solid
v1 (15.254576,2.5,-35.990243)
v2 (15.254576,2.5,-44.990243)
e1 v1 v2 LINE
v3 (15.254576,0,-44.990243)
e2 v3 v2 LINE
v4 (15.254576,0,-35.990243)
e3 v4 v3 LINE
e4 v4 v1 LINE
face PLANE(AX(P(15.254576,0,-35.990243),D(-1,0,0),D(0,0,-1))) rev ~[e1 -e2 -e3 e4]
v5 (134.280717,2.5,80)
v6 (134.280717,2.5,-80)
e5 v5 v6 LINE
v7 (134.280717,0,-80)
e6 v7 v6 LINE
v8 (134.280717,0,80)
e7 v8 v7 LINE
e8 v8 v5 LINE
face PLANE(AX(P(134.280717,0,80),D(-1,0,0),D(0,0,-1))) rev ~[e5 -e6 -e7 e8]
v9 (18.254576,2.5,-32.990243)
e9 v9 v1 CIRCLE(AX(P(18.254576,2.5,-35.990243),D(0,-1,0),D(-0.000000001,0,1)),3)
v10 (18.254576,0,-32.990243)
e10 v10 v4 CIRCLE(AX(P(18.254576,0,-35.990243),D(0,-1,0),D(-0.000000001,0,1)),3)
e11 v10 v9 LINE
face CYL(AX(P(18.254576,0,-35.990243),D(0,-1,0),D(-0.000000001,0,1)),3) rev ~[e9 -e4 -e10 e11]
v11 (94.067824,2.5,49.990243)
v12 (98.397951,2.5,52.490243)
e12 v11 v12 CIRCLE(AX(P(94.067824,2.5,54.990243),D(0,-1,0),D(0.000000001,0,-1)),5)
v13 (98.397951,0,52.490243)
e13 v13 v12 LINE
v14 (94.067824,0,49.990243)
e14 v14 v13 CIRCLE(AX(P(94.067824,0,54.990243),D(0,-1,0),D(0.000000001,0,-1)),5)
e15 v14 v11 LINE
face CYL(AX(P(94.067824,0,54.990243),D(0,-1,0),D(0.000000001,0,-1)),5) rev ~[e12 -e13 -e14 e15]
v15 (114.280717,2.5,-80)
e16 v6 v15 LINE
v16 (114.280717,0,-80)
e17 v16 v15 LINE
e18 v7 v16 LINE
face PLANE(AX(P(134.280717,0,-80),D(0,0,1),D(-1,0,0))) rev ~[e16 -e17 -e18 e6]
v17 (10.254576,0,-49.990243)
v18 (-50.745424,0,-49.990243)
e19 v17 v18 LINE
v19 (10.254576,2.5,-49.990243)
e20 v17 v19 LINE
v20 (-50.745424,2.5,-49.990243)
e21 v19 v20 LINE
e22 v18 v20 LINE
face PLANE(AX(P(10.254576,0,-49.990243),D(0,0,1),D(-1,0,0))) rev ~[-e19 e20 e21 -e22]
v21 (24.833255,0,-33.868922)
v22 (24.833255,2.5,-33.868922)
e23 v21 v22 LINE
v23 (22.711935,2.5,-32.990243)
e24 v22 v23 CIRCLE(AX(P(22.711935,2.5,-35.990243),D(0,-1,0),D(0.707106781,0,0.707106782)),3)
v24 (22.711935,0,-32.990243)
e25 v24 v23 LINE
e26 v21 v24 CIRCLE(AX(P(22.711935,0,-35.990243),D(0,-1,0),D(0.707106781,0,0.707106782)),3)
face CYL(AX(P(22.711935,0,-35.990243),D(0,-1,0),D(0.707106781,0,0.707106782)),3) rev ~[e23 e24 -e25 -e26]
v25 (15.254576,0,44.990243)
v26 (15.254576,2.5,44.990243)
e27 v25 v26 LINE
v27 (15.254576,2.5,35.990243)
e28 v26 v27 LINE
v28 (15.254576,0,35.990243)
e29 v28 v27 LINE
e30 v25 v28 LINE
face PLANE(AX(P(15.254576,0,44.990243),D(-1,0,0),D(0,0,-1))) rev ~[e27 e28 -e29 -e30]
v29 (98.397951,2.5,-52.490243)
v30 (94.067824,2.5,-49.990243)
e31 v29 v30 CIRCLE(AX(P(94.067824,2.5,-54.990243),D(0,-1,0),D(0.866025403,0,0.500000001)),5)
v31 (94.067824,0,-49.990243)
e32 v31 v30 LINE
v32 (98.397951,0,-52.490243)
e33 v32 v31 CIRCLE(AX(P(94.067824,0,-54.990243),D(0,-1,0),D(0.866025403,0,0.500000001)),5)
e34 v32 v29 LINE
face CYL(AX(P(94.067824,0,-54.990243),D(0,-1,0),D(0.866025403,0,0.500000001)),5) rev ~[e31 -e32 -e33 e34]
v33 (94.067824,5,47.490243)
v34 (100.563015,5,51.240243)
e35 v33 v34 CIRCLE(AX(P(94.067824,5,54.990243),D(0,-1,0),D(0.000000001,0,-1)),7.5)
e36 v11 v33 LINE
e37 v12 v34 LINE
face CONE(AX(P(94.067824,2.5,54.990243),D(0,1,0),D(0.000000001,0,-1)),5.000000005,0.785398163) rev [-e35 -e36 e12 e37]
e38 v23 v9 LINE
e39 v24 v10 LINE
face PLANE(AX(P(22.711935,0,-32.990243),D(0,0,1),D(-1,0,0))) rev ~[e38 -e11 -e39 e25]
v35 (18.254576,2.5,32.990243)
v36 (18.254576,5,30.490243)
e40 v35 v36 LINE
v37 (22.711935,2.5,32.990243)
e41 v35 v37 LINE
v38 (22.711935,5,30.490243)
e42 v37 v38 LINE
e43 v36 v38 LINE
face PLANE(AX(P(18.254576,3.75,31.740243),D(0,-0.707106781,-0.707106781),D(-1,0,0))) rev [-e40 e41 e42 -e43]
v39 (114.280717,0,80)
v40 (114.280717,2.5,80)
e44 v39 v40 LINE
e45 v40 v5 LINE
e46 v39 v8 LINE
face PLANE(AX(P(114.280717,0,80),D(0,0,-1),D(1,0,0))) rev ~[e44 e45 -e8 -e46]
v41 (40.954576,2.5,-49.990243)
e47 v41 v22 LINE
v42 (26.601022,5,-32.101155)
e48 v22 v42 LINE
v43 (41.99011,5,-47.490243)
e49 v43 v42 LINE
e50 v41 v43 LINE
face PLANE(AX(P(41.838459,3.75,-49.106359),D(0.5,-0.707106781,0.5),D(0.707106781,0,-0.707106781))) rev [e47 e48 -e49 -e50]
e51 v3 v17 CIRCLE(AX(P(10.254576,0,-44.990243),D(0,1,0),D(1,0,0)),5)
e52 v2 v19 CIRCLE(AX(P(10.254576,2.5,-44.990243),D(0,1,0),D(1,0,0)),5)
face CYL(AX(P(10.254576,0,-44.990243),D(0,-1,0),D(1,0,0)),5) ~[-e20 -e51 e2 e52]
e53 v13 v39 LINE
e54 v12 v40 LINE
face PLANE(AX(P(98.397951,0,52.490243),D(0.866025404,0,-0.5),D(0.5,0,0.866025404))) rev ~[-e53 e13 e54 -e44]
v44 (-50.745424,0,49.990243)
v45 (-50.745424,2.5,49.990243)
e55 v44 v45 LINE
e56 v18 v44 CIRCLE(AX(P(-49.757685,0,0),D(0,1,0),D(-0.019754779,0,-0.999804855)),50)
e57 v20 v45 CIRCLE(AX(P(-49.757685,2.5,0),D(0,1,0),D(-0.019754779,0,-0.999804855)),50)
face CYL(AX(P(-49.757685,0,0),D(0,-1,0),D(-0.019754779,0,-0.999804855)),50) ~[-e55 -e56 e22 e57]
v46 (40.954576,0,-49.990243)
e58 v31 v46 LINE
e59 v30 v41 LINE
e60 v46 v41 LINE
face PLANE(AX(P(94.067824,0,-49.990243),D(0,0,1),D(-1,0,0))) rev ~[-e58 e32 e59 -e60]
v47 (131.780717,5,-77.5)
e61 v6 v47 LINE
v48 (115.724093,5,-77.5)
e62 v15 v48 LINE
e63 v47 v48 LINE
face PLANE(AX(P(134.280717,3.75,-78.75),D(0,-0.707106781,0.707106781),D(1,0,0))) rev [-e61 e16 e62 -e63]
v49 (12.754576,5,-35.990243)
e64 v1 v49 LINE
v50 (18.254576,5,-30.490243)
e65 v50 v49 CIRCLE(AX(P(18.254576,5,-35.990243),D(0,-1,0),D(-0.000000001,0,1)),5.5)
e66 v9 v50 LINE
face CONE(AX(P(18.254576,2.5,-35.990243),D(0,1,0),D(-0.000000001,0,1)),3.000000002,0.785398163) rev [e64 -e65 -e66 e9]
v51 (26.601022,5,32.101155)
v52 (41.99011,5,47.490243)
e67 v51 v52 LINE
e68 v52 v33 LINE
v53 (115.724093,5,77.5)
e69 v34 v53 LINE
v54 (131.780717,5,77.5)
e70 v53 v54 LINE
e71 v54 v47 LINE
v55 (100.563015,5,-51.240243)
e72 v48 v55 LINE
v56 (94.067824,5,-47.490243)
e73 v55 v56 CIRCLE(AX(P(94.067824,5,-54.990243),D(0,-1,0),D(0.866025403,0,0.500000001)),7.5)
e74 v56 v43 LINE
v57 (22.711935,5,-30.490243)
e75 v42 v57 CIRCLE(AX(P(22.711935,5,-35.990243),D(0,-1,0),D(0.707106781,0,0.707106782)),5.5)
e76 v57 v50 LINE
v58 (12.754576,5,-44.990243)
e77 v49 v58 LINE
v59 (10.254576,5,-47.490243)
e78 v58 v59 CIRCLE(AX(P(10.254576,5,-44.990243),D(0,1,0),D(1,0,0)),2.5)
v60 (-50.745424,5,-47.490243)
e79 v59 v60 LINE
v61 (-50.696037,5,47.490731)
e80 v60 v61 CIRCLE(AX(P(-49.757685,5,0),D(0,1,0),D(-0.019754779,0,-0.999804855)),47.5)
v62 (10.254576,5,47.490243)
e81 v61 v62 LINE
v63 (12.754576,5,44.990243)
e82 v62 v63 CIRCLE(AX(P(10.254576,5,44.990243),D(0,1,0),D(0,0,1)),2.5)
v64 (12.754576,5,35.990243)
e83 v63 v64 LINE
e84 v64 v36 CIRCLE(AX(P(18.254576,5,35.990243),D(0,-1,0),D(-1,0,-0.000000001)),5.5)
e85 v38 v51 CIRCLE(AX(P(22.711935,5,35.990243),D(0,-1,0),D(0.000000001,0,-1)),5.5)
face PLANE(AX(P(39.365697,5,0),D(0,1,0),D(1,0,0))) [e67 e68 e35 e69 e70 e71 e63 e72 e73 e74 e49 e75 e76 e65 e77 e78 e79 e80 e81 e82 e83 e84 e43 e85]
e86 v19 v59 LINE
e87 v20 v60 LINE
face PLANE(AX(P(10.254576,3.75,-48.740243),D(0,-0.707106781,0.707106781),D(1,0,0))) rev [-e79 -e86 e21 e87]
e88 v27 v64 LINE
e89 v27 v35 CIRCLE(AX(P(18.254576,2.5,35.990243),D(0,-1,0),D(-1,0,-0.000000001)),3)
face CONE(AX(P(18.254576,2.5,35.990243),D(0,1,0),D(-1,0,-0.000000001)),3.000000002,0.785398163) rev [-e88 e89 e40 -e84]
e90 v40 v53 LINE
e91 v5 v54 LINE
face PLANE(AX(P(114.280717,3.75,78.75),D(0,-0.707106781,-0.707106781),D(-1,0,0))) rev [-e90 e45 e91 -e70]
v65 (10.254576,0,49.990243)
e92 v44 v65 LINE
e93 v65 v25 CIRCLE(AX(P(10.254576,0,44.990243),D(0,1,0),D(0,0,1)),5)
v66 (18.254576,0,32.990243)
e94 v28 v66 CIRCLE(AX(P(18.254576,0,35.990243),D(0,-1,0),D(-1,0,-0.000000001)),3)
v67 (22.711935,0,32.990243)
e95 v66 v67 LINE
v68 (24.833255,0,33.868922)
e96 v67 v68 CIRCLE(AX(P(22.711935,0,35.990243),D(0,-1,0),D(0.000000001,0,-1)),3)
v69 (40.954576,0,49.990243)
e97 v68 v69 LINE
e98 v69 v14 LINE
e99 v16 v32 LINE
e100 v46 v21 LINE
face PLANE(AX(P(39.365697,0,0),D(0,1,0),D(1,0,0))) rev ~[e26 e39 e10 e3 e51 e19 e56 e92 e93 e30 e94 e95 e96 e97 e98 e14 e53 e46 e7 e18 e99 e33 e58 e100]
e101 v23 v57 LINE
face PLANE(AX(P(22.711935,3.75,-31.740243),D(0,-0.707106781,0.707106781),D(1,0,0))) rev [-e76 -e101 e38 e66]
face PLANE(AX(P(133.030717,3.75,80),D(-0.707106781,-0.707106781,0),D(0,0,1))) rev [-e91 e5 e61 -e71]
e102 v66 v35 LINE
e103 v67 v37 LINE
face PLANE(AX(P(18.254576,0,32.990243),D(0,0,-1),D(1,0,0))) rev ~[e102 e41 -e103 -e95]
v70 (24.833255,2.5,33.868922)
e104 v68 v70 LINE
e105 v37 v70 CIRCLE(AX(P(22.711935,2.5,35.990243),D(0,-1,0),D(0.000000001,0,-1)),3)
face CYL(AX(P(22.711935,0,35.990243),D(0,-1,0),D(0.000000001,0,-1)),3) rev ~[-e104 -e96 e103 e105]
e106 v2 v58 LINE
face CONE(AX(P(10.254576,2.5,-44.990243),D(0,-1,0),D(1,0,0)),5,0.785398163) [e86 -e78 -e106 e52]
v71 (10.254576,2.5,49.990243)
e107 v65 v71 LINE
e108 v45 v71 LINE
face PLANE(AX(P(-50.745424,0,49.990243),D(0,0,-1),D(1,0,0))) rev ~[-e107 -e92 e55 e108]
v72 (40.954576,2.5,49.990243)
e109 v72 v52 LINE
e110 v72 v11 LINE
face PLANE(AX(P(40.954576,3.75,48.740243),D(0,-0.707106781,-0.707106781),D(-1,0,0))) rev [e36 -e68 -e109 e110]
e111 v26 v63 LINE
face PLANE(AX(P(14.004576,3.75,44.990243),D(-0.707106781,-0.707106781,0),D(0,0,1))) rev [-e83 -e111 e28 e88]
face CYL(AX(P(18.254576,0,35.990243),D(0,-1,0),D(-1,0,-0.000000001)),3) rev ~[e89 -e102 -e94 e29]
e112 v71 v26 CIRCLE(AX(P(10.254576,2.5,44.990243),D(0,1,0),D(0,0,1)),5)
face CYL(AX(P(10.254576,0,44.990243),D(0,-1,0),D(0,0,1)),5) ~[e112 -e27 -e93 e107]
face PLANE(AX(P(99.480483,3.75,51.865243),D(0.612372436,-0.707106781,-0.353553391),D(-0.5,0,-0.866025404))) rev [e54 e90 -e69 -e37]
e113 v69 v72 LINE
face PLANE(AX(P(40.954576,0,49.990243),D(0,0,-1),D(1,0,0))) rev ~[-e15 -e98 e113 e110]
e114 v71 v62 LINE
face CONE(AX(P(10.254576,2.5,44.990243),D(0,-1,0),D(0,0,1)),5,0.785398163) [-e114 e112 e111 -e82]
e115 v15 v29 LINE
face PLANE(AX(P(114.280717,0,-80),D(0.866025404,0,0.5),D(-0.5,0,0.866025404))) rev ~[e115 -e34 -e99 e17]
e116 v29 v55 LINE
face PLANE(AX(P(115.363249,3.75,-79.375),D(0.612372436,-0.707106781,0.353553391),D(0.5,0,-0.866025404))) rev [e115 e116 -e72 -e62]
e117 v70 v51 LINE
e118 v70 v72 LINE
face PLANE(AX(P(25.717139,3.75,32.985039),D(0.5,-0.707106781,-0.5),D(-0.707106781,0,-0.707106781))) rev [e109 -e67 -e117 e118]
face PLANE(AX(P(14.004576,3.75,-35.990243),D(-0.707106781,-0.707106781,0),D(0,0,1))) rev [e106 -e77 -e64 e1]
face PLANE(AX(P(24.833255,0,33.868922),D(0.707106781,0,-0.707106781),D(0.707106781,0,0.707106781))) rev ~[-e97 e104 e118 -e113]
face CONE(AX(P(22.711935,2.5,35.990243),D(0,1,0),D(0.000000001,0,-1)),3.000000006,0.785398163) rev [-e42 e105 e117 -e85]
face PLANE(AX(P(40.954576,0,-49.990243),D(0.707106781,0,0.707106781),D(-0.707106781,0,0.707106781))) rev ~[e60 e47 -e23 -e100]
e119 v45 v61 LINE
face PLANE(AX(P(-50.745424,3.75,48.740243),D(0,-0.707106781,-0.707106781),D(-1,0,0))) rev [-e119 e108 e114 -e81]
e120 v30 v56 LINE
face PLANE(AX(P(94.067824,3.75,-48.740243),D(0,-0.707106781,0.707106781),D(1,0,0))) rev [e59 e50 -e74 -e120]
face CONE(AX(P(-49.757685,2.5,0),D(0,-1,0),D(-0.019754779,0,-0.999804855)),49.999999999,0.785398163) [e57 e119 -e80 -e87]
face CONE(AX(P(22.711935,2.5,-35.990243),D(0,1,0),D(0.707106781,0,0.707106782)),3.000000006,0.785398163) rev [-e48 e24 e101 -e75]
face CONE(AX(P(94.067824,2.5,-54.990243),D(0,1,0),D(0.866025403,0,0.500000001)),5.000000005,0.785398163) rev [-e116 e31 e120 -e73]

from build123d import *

# Parameters (mm, degrees)
BOSS_EXTRUDE1_DEPTH = 5
CHAMFER1_SIZE       = 2.5


with BuildPart() as part:
    # Sketch1 → Boss-Extrude1 (new body)
    with BuildSketch(Plane(origin=(0, 0, 0), x_dir=(1, 0, 0), z_dir=(0, 1, 0))):
        with BuildLine():
            Line((15.254575611, 35.990242765), (15.254575611, 44.990242765))
            ThreePointArc((15.254575611, 44.990242765), (13.790109517, 48.525776671), (10.254575611, 49.990242765))
            Line((10.254575611, 49.990242765), (-50.745424389, 49.990242765))
            ThreePointArc((-50.745424389, 49.990242765), (-99.757685432, 0), (-50.745424389, -49.990242765))
            Line((-50.745424389, -49.990242765), (10.254575611, -49.990242765))
            ThreePointArc((10.254575611, -49.990242765), (13.790109517, -48.525776671), (15.254575611, -44.990242765))
            Line((15.254575611, -44.990242765), (15.254575611, -35.990242765))
            ThreePointArc((15.254575611, -35.990242765), (16.133255268, -33.868922422), (18.254575611, -32.990242765))
            Line((18.254575611, -32.990242765), (22.711934924, -32.990242765))
            ThreePointArc((22.711934924, -32.990242765), (23.859985221, -33.218604168), (24.833255268, -33.868922422))
            Line((24.833255268, -33.868922422), (40.954575611, -49.990242765))
            Line((40.954575611, -49.990242765), (50.745424389, -49.990242765))
            Line((50.745424389, -49.990242765), (94.067824265, -49.990242765))
            ThreePointArc((94.067824265, -49.990242765), (96.567824265, -50.660115747), (98.397951284, -52.490242765))
            Line((98.397951284, -52.490242765), (114.280717029, -80))
            Line((114.280717029, -80), (134.280717029, -80))
            Line((134.280717029, -80), (134.280717029, 80))
            Line((134.280717029, 80), (114.280717029, 80))
            Line((114.280717029, 80), (98.397951284, 52.490242765))
            ThreePointArc((98.397951284, 52.490242765), (96.567824265, 50.660115747), (94.067824265, 49.990242765))
            Line((94.067824265, 49.990242765), (50.745424389, 49.990242765))
            Line((50.745424389, 49.990242765), (40.954575611, 49.990242765))
            Line((40.954575611, 49.990242765), (24.833255268, 33.868922422))
            ThreePointArc((24.833255268, 33.868922422), (23.859985221, 33.218604168), (22.711934924, 32.990242765))
            Line((22.711934924, 32.990242765), (18.254575611, 32.990242765))
            ThreePointArc((18.254575611, 32.990242765), (16.133255268, 33.868922422), (15.254575611, 35.990242765))
        make_face()
    extrude(amount=BOSS_EXTRUDE1_DEPTH)

    # Chamfer1
    chamfer1_edges = [part.edges().sort_by_distance(p)[0] for p in [
        (96.567824265, 5, 50.660115747),
        (106.339334157, 5, 66.245121383),
        (96.567824265, 5, -50.660115747),
        (124.280717029, 5, 80),
        (134.280717029, 5, 0),
        (124.280717029, 5, -80),
        (67.511199938, 5, -49.990242765),
        (32.893915439, 5, -41.929582594),
        (23.859985221, 5, -33.218604168),
        (20.483255268, 5, -32.990242765),
        (16.133255268, 5, -33.868922422),
        (15.254575611, 5, -40.490242765),
        (13.790109517, 5, -48.525776671),
        (-20.245424389, 5, -49.990242765),
        (-99.757685432, 5, 0),
        (106.339334157, 5, -66.245121383),
        (-20.245424389, 5, 49.990242765),
        (13.790109517, 5, 48.525776671),
        (15.254575611, 5, 40.490242765),
        (16.133255268, 5, 33.868922422),
        (20.483255268, 5, 32.990242765),
        (23.859985221, 5, 33.218604168),
        (32.893915439, 5, 41.929582594),
        (67.511199938, 5, 49.990242765),
    ]]
    chamfer(chamfer1_edges, length=CHAMFER1_SIZE)


solid = part.part
